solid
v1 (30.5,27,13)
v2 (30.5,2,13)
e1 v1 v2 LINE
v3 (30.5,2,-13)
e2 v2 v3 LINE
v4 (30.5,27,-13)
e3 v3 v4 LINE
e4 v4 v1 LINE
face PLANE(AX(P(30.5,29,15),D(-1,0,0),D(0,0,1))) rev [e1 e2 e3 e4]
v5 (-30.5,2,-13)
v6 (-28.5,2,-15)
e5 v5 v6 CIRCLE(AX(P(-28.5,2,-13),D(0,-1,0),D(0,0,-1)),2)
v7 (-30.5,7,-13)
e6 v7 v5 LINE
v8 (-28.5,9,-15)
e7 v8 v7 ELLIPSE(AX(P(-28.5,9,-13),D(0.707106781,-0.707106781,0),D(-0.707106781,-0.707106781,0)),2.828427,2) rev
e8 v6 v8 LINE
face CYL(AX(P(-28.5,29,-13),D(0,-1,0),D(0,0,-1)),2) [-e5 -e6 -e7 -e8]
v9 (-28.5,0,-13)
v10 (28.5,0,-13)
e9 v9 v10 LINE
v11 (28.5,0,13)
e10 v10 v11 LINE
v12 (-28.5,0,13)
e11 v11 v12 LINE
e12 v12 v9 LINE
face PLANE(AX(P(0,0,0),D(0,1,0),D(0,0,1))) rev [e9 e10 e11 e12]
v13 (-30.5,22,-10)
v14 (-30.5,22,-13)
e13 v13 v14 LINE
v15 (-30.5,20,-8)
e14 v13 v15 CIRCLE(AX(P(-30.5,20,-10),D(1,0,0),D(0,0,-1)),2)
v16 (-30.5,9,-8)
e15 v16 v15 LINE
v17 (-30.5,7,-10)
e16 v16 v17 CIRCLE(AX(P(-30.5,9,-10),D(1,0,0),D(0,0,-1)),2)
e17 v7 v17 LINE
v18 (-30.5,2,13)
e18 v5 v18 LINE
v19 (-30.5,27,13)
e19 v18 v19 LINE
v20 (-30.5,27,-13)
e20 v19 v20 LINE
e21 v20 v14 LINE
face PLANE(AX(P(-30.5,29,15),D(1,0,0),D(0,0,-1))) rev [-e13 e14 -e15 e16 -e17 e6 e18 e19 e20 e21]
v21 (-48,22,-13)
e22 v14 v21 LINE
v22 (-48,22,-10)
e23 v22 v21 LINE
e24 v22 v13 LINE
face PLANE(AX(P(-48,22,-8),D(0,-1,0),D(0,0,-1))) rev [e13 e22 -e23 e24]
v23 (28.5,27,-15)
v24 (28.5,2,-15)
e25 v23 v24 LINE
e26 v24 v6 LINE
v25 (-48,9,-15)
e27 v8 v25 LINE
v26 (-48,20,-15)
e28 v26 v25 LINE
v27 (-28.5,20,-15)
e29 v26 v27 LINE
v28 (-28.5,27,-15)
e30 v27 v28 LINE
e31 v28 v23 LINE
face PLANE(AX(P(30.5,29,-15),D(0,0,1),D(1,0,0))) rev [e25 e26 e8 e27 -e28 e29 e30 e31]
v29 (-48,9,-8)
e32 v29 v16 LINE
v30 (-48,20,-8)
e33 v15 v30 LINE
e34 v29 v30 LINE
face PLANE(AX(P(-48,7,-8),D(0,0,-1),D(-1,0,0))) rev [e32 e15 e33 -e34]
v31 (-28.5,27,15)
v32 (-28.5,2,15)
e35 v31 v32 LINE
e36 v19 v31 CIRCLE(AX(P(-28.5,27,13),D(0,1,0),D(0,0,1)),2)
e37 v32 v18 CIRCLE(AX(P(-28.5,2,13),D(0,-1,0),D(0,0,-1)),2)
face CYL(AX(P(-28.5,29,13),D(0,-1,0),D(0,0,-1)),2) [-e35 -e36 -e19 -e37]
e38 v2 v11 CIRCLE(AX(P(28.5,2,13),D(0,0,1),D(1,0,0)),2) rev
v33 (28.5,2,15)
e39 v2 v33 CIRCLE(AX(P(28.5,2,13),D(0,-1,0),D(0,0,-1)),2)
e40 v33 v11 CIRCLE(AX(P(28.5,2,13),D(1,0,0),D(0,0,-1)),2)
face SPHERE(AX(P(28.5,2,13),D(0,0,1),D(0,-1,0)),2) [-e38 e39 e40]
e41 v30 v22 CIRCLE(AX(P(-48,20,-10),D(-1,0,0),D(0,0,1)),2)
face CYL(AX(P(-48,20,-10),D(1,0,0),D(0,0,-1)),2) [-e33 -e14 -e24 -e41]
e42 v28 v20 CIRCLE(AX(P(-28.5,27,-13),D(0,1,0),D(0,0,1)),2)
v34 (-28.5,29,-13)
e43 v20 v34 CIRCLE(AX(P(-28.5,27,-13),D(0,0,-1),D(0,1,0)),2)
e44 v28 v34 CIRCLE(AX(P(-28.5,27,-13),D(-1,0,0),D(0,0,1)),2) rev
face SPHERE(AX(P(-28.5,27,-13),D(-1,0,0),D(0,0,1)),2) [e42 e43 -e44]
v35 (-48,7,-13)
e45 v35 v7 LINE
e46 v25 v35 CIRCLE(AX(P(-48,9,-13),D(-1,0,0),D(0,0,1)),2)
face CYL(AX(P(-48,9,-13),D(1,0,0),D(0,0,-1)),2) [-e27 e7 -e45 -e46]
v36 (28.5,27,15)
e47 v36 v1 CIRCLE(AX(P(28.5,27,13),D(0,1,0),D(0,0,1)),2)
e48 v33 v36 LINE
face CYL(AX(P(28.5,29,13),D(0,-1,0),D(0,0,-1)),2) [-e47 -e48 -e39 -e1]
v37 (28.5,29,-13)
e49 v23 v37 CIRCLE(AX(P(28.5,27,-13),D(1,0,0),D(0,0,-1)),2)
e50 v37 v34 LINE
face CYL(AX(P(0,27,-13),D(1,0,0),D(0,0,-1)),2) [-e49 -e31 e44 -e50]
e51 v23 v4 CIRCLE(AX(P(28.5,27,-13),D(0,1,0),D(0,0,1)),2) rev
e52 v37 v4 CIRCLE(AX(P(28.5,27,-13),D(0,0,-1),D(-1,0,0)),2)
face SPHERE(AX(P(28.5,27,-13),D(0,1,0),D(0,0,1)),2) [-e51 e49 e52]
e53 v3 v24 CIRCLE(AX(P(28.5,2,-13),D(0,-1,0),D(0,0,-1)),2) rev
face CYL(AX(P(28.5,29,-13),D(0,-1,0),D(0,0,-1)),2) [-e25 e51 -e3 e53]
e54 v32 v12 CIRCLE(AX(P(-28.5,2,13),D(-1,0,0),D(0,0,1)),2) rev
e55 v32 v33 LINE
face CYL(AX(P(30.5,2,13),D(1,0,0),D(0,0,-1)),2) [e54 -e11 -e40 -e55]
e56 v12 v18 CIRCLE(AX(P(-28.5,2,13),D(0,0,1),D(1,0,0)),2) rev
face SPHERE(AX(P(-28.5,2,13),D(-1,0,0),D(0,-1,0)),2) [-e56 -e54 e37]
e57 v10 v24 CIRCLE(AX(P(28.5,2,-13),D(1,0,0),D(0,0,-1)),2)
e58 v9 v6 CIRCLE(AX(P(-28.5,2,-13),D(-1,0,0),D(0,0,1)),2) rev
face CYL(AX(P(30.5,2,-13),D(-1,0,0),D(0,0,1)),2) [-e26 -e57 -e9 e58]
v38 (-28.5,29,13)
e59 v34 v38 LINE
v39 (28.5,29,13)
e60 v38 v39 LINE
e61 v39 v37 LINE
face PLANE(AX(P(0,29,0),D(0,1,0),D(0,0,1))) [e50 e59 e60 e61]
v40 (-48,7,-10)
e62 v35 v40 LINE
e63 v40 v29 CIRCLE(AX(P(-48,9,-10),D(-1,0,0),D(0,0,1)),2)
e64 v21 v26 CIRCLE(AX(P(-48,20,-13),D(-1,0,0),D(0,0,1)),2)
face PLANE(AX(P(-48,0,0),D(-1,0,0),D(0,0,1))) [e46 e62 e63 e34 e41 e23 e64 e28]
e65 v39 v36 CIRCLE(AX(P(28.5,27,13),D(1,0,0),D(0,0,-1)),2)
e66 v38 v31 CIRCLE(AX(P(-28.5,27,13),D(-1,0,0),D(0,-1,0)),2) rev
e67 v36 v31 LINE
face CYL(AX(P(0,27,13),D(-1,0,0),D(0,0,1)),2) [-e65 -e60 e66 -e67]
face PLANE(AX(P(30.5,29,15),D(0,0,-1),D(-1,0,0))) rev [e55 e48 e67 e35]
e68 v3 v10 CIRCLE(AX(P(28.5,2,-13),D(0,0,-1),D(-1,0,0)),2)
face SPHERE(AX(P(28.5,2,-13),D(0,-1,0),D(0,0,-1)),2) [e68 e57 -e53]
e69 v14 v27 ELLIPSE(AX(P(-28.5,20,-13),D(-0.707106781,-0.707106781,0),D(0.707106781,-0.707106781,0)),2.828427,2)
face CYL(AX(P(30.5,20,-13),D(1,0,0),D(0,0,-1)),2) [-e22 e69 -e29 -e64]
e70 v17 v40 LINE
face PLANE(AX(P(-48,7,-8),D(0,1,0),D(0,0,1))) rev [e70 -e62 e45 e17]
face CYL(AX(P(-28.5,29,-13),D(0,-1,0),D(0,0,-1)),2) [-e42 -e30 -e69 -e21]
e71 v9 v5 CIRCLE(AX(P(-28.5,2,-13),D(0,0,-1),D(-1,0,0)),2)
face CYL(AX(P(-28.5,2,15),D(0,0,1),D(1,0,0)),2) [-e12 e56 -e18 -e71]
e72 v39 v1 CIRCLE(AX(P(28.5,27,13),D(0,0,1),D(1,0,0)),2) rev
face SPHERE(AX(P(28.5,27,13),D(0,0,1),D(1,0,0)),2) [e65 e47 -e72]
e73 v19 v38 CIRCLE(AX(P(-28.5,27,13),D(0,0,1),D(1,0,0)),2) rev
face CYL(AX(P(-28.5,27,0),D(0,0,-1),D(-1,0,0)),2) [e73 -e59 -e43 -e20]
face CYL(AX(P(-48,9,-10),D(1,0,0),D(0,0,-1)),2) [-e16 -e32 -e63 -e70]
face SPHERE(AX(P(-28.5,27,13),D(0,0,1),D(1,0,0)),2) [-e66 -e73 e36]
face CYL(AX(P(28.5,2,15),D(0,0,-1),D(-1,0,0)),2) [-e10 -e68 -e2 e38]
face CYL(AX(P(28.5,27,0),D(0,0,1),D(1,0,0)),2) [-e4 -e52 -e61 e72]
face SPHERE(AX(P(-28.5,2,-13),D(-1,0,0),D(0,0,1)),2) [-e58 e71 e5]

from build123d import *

# Parameters (mm, degrees)
SKETCH1_W           = 61
SKETCH1_H           = 30
BOSS_EXTRUDE1_DEPTH = 29
SKETCH2_W           = 7
SKETCH2_H           = 15
BOSS_EXTRUDE2_DEPTH = 17.5
FILLET1_R           = 2
FILLET2_R           = 2


with BuildPart() as part:
    # Sketch1 → Boss-Extrude1 (new body)
    with BuildSketch(Plane(origin=(0, 0, 0), x_dir=(1, 0, 0), z_dir=(0, 1, 0))):
        Rectangle(SKETCH1_W, SKETCH1_H)
    extrude(amount=BOSS_EXTRUDE1_DEPTH)

    # Sketch2 → Boss-Extrude2 (add)
    with BuildSketch(Plane.ZY.offset(30.5)):
        with Locations((-11.5, 14.5)):
            Rectangle(SKETCH2_W, SKETCH2_H)
    extrude(amount=BOSS_EXTRUDE2_DEPTH)

    # Fillet1
    fillet1_edges = [part.edges().sort_by_distance(p)[0] for p in [
        (-39.25, 22, -15),
        (-39.25, 7, -15),
        (-39.25, 7, -8),
        (-39.25, 22, -8),
    ]]
    fillet(fillet1_edges, radius=FILLET1_R)

    # Fillet2
    fillet2_edges = [part.edges().sort_by_distance(p)[0] for p in [
        (30.5, 14.5, -15),
        (0, 29, -15),
        (30.5, 29, 0),
        (-30.5, 29, 0),
        (30.5, 0, 0),
        (0, 0, -15),
        (-30.5, 0, 0),
        (-30.5, 14.5, 15),
        (0, 29, 15),
        (30.5, 14.5, 15),
        (0, 0, 15),
        (-30.5, 25.5, -15),
        (-30.5, 3.5, -15),
    ]]
    fillet(fillet2_edges, radius=FILLET2_R)


solid = part.part
